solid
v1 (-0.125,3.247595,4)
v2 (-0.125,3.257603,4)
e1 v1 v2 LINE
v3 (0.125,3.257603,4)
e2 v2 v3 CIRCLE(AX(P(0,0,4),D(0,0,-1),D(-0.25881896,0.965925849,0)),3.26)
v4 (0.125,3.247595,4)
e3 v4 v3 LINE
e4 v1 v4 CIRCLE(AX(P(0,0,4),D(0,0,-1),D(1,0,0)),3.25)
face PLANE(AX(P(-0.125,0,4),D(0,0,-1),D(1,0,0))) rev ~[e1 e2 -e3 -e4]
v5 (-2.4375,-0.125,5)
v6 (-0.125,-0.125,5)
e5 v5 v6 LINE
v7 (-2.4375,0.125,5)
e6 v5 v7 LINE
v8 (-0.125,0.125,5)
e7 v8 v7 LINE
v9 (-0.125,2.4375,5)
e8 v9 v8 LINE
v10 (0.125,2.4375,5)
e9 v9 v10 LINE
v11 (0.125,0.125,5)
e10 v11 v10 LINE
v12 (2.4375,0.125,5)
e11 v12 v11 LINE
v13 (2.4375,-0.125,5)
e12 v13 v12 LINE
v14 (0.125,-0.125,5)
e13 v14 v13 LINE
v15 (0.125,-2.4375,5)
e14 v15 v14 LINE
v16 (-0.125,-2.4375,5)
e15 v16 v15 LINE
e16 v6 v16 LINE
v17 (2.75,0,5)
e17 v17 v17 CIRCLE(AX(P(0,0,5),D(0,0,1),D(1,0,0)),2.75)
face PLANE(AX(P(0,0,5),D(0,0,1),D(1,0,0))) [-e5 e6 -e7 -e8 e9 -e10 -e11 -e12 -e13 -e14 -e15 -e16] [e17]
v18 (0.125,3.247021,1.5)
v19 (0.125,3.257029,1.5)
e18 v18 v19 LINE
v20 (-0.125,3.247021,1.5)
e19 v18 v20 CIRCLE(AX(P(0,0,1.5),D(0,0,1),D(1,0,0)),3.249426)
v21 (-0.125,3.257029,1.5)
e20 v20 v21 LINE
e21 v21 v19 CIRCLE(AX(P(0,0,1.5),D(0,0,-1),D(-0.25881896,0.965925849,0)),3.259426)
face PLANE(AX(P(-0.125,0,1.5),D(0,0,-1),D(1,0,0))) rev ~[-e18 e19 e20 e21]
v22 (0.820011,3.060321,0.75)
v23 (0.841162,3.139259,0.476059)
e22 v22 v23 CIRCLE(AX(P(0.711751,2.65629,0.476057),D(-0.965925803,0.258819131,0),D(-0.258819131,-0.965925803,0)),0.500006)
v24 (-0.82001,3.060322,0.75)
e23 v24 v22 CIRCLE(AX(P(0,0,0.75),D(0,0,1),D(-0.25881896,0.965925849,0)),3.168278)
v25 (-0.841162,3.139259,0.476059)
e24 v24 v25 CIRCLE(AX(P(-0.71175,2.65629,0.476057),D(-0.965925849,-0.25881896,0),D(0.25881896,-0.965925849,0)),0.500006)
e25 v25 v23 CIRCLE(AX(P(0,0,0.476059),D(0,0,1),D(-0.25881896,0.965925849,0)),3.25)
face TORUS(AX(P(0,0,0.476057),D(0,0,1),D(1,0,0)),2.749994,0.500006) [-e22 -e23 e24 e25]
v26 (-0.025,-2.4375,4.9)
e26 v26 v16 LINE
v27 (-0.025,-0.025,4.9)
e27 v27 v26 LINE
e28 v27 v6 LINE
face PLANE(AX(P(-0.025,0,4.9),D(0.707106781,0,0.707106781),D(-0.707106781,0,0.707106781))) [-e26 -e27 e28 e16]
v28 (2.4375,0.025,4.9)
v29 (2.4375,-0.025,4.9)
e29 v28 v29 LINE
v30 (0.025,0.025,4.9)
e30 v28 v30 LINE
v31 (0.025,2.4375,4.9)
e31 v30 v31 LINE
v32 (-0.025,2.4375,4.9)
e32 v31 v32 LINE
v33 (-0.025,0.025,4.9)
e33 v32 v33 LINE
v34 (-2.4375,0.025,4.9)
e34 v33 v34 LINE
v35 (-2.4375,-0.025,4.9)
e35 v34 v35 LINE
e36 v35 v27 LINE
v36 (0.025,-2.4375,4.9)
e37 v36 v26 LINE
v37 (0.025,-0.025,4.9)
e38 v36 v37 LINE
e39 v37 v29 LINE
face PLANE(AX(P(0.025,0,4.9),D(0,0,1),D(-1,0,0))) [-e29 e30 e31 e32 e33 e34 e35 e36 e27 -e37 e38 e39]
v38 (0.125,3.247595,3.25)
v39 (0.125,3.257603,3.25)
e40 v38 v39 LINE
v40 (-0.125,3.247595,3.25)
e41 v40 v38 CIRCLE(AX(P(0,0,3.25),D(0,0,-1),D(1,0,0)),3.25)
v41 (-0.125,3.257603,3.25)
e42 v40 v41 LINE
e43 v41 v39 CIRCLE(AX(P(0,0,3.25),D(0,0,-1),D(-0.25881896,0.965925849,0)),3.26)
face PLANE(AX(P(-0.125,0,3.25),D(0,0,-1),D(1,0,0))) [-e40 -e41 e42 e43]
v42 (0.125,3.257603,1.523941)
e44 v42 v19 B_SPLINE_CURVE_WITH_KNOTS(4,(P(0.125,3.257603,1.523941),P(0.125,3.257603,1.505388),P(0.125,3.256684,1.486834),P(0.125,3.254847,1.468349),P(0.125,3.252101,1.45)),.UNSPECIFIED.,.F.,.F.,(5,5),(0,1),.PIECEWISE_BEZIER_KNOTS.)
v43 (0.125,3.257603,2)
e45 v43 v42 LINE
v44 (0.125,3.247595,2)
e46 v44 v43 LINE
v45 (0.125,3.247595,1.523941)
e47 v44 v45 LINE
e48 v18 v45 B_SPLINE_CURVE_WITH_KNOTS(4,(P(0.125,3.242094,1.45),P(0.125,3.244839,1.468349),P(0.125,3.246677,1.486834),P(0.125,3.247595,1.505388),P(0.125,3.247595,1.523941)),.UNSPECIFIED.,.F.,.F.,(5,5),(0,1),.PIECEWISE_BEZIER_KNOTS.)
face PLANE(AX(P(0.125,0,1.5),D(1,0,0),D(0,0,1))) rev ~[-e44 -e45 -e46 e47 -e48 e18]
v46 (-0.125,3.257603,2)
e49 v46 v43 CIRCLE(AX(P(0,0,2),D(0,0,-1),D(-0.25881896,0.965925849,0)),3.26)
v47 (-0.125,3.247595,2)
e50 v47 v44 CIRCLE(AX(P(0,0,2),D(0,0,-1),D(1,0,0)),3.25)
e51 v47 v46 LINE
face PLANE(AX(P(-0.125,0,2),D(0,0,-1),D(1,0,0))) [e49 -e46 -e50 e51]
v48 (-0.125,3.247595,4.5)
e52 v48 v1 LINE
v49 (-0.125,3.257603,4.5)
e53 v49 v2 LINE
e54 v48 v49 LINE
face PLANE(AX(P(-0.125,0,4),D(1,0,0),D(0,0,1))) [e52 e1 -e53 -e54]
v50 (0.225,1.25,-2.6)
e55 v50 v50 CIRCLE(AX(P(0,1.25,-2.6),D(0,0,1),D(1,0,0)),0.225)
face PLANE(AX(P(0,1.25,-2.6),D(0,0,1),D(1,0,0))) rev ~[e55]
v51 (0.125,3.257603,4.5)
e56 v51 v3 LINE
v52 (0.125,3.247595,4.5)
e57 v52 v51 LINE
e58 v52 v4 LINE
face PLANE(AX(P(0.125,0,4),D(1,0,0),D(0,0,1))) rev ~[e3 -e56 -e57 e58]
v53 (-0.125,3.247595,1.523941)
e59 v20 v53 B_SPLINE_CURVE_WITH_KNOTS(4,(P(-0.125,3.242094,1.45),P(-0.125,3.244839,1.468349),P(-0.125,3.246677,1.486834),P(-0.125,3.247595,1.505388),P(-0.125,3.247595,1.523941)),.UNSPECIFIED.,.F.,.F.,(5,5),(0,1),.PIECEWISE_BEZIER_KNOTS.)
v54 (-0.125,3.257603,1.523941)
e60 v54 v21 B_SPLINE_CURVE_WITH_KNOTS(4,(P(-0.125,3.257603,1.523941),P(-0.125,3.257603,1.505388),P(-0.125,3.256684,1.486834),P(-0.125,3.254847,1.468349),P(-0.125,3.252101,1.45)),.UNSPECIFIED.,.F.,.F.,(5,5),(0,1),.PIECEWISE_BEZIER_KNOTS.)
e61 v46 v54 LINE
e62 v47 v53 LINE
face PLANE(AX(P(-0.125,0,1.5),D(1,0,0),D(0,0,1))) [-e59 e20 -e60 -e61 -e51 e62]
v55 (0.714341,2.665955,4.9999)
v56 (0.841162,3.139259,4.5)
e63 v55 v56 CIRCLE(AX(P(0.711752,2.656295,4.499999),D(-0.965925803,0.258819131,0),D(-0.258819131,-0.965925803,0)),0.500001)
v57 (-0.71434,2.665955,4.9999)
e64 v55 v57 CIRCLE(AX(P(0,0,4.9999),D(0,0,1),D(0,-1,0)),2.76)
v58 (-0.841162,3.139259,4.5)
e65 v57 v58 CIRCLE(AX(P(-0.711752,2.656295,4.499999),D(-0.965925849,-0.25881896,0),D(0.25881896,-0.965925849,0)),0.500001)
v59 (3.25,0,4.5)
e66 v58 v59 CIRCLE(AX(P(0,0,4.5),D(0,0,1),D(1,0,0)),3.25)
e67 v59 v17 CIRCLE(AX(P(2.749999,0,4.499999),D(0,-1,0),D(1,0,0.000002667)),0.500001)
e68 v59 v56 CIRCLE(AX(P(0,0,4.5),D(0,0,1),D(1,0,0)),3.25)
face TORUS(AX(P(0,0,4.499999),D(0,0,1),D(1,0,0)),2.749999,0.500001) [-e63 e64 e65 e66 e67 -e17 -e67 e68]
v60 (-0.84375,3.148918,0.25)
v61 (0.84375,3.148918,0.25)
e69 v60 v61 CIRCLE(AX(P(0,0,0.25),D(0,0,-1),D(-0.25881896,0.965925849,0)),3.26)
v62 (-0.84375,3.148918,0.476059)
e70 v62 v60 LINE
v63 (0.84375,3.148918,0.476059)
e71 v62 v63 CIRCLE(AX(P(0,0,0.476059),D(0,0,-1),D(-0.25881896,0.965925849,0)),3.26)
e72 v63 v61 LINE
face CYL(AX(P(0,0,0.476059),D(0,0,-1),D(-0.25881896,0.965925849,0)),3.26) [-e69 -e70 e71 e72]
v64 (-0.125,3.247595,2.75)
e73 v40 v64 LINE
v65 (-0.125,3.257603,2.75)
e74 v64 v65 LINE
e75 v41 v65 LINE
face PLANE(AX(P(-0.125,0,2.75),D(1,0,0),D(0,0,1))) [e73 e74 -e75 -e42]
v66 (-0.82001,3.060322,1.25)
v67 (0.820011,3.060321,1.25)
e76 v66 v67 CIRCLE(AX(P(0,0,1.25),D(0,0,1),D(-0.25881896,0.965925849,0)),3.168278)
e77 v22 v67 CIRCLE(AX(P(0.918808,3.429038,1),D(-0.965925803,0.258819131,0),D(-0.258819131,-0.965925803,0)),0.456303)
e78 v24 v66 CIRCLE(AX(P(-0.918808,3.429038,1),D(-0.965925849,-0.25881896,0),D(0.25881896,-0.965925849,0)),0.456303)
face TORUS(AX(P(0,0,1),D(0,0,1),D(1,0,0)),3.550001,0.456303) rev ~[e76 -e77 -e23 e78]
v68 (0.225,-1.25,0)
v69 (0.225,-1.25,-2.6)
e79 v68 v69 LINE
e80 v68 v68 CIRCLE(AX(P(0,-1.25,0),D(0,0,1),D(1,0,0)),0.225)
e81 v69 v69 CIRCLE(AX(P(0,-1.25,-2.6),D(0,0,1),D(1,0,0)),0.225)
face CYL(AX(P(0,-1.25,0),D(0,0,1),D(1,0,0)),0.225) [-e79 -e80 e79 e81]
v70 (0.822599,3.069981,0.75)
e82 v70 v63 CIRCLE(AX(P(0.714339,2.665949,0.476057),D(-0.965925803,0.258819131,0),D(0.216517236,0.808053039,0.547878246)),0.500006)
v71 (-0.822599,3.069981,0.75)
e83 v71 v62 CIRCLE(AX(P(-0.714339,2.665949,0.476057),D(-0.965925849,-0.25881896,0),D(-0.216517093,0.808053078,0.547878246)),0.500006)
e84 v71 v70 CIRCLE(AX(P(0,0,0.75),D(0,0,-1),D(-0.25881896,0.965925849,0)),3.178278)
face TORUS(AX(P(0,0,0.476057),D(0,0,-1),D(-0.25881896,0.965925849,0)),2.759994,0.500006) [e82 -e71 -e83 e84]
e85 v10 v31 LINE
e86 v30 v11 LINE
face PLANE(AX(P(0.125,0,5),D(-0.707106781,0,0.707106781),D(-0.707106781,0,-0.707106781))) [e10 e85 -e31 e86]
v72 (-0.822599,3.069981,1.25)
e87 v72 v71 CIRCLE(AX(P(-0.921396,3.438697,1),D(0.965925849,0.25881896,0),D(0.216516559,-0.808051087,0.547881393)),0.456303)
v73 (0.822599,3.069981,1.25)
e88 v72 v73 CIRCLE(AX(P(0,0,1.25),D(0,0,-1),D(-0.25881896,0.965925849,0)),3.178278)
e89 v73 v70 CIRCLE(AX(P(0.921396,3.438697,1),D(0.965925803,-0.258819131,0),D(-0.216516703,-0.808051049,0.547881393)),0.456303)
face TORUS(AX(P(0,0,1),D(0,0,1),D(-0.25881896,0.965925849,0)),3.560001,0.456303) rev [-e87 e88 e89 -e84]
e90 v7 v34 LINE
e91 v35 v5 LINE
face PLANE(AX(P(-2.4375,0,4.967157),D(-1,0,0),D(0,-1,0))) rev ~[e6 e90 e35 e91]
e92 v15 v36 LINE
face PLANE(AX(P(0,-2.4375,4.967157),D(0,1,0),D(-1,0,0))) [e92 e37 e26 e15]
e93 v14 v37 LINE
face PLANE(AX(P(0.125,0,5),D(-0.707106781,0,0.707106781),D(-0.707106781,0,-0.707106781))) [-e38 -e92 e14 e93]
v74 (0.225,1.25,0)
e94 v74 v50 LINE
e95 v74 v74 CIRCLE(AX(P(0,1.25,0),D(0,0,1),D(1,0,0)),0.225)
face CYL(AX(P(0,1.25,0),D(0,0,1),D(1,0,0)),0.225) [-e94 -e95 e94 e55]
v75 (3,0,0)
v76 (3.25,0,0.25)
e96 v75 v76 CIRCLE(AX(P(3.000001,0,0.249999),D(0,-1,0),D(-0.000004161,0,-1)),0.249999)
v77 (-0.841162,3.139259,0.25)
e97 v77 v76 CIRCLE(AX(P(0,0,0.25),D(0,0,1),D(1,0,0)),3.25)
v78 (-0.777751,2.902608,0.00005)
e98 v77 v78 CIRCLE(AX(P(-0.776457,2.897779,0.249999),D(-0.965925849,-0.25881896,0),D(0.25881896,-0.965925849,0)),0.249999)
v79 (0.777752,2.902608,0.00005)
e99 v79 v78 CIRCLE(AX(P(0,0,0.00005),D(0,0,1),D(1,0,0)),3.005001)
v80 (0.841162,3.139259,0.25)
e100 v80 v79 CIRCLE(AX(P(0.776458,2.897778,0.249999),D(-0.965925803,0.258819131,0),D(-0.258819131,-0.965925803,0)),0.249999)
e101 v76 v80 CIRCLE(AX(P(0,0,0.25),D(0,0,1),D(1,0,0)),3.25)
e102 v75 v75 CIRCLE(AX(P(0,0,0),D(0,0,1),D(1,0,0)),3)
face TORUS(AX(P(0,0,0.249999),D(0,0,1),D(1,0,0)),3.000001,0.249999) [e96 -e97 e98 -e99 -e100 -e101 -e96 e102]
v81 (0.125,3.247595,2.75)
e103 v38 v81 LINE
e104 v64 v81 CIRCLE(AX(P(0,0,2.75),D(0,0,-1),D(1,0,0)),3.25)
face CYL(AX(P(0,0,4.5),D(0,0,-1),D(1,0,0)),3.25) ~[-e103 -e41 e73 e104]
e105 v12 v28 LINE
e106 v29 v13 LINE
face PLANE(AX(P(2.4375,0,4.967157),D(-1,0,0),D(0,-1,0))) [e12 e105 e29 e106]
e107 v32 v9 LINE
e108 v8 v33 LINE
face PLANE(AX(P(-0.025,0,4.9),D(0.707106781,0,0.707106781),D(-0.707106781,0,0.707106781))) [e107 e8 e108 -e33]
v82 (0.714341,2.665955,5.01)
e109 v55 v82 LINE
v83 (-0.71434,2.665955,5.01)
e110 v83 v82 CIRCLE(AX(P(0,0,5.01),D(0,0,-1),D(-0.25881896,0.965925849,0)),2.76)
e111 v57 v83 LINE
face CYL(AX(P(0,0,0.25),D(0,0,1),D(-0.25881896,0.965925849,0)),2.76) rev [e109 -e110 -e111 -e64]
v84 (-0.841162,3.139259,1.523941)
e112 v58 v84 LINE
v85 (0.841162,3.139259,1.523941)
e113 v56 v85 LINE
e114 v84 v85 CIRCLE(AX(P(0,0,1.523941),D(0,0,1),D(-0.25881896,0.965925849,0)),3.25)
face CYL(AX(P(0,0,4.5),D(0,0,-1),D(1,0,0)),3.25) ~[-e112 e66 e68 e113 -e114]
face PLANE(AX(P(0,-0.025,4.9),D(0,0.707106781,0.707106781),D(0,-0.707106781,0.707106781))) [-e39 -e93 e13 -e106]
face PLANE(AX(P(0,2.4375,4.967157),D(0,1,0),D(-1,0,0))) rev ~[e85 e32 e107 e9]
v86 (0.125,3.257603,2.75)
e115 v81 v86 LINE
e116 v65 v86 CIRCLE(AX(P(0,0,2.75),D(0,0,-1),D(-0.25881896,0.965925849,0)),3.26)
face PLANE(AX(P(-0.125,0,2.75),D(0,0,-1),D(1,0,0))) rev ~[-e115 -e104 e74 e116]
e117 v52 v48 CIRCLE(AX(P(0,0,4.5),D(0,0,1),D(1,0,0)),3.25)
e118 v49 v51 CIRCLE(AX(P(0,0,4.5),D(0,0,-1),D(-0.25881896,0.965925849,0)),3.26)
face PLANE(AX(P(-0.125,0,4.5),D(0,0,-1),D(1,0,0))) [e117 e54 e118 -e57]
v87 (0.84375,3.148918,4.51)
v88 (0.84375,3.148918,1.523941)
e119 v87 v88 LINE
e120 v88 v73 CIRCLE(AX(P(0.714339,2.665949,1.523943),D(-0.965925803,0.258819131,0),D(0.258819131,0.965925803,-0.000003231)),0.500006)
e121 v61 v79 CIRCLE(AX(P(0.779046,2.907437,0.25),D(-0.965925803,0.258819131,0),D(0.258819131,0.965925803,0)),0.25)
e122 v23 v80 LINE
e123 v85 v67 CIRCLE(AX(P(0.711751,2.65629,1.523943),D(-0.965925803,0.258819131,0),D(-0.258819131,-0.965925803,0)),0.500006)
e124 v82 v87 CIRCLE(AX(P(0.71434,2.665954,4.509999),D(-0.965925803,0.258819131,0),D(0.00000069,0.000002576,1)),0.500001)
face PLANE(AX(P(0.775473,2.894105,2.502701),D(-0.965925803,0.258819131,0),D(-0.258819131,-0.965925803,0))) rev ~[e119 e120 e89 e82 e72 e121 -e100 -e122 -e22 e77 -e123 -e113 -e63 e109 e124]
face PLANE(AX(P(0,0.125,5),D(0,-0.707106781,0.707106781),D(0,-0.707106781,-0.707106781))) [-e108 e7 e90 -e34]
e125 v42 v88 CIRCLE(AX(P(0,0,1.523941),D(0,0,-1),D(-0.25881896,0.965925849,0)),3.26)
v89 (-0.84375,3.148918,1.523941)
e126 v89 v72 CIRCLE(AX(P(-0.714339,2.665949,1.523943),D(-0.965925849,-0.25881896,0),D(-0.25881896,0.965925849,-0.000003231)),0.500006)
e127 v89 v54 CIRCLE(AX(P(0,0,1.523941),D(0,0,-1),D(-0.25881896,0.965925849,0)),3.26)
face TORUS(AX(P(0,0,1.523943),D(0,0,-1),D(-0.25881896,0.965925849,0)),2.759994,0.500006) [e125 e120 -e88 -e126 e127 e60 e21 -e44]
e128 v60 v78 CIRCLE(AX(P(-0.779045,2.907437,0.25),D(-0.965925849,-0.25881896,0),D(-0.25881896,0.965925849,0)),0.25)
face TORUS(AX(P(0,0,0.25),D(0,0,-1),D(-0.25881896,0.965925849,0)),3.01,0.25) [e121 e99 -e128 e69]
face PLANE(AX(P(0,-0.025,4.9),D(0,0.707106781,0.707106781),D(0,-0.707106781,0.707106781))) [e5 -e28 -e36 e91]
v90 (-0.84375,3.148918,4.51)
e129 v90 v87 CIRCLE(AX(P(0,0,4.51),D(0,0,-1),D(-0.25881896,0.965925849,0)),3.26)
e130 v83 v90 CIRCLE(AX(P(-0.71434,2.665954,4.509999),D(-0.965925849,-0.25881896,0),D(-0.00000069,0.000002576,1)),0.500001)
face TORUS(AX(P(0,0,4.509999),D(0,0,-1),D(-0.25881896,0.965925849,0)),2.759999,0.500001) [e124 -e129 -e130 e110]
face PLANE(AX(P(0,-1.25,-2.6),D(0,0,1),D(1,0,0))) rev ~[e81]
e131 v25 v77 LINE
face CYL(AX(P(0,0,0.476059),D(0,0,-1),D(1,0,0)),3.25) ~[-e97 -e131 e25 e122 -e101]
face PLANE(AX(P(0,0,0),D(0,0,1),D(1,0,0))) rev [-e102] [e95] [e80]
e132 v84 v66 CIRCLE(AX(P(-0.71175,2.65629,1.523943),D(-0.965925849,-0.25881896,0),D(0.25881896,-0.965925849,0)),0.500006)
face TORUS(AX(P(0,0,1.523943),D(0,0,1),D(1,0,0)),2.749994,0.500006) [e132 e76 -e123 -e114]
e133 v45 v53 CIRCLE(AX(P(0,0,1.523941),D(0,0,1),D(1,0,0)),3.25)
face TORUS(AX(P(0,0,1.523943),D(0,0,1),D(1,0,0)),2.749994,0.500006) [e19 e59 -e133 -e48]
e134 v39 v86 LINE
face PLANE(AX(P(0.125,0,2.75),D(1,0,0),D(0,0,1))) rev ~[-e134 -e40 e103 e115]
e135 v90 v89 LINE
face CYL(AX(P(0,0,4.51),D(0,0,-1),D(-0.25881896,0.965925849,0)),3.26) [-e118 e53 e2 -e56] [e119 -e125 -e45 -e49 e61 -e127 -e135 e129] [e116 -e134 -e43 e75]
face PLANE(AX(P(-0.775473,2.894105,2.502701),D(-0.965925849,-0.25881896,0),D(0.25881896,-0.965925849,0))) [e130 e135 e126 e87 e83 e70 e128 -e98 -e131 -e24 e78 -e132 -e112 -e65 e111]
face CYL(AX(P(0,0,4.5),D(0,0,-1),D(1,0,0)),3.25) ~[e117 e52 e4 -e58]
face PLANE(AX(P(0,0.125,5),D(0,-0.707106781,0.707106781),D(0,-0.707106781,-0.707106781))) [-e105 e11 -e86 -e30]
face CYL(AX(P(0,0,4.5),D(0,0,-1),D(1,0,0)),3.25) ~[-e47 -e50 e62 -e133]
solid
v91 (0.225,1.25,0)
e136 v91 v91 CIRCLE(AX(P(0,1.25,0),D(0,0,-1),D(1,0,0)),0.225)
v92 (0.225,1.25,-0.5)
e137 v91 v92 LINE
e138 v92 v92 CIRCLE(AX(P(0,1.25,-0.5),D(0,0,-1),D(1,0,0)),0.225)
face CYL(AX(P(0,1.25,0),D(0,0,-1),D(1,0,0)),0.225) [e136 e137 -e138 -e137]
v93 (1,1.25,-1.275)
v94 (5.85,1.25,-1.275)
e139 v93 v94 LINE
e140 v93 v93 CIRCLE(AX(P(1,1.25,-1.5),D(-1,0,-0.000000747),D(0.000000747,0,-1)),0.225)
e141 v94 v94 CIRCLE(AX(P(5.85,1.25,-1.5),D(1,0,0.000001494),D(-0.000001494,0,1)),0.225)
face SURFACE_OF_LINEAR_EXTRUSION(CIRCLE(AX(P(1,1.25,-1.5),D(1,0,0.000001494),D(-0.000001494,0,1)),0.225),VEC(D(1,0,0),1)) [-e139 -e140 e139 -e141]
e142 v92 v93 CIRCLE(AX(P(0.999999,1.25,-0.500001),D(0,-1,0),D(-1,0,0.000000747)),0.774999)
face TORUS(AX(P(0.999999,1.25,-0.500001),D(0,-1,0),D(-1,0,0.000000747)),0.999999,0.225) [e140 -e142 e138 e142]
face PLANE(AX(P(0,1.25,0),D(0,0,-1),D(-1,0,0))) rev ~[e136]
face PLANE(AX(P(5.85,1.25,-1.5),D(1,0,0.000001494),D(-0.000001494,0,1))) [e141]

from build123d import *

# Parameters (mm, degrees)
SKETCH003_R         = 0.225
REVOLUTION001_ANGLE = -30
SKETCH015_W         = 0.25
SKETCH015_H         = 0.5
POCKET002_DEPTH     = 3.261
LINEARPATTERN_COUNT = 3
LINEARPATTERN_PITCH = 1.25
SKETCH010_R         = 0.225
PAD002_DEPTH        = 2.6
SKETCH013_R         = 2.75
PAD_DEPTH           = 0.5
POCKET001_DEPTH     = 2.4375
POLARPATTERN_COUNT  = 3
POLARPATTERN_ANGLE  = 180
SKETCH012_R         = 2.75
POCKET_DEPTH        = 0.5


with BuildPart() as leadangledclone:
    # AdditivePipe: sweep along a path in Sketch004
    with BuildLine(Plane.XZ) as additivepipe_path:
        Line((0, 0), (0, -0.5))
        ThreePointArc((0, -0.5), (0.292893, -1.207107), (1, -1.5))
        Line((1, -1.5), (5.85, -1.5))
    # Sketch003 (on ShapeBinder) → AdditivePipe (sweep)
    with BuildSketch(Plane(origin=(0, 0, 0), x_dir=(1, 0, 0), z_dir=(0, 0, -1))):
        with Locations((0, 1.25)):
            Circle(SKETCH003_R)
    sweep(path=additivepipe_path.line)


with BuildPart() as leadangledclone_1:
    # Body003 placement: moved
    add(leadangledclone.part.moved(Location((0, 2.5, 0))))


with BuildPart() as polaritymarking:
    # Sketch005 → Revolution001 (revolve)
    with BuildSketch(Plane(origin=(0, 0, 0), x_dir=(-0.258819, 0.965926, 0), z_dir=(0.965926, 0.258819, 0))):
        with BuildLine():
            Line((2.76, 0.25), (2.76, 5.01))
            ThreePointArc((2.76, 5.01), (3.113553, 4.863553), (3.26, 4.51))
            Line((3.26, 4.51), (3.26, 1.523941))
            ThreePointArc((3.26, 1.523941), (3.239134, 1.381006), (3.178278, 1.25))
            ThreePointArc((3.178278, 1.25), (3.103698, 1), (3.178278, 0.75))
            ThreePointArc((3.178278, 0.75), (3.239134, 0.618994), (3.26, 0.476059))
            Line((3.26, 0.476059), (3.26, 0.25))
            ThreePointArc((3.26, 0.25), (3.01, 0), (2.76, 0.25))
        make_face()
    revolve(axis=Axis((0, 0, 0), (0, 0, 1)), revolution_arc=REVOLUTION001_ANGLE)

    # Sketch015 → Pocket002 (cut, through all)
    with BuildSketch(Plane.XZ):
        with Locations((0, 1.75)):
            Rectangle(SKETCH015_W, SKETCH015_H)
    pocket002 = extrude(amount=-POCKET002_DEPTH, mode=Mode.SUBTRACT)

    # LinearPattern: Pocket002 ×3
    with Locations(*[(0, 0, i * LINEARPATTERN_PITCH) for i in range(1, LINEARPATTERN_COUNT)]):
        add(pocket002, mode=Mode.SUBTRACT)


with BuildPart() as leadstraight:
    # Sketch010 → Pad002 (new body)
    with BuildSketch(Plane(origin=(0, 1.25, 0), x_dir=(1, 0, 0), z_dir=(0, 0, 1))):
        Circle(SKETCH010_R)
    extrude(amount=-PAD002_DEPTH)


with BuildPart() as leadstraightclone:
    # Body007 base: copy of LeadStraight
    add(leadstraight.part)


with BuildPart() as leadstraightclone_1:
    # Body007 placement: moved
    add(leadstraightclone.part.moved(Location((0, -2.5, 0))))


with BuildPart() as housingtop:
    # Sketch013 (on ShapeBinder) → Pad (new body)
    with BuildSketch(Plane.XY.offset(4.5)):
        Circle(SKETCH013_R)
    extrude(amount=PAD_DEPTH)

    # Sketch014 → Pocket001 (cut, symmetric)
    with BuildSketch(Plane.XZ):
        Polygon((-0.125, 5), (0.125, 5), (0.025, 4.9), (-0.025, 4.9), align=None)
    pocket001 = extrude(amount=POCKET001_DEPTH, both=True, mode=Mode.SUBTRACT)

    # PolarPattern: Pocket001 ×3 about axis
    polarpattern_axis = Axis((0, 0, 0), (0, 0, 1))
    for i in range(1, POLARPATTERN_COUNT):
        add(pocket001.rotate(polarpattern_axis, i * POLARPATTERN_ANGLE / (POLARPATTERN_COUNT - 1)), mode=Mode.SUBTRACT)


with BuildPart() as fusion:
    # Sketch → Revolution (revolve)
    with BuildSketch(Plane.XZ):
        with BuildLine():
            Line((0, 5), (2.75, 5))
            ThreePointArc((3.25, 4.5), (3.103553, 4.853553), (2.75, 5))
            Line((3.25, 4.5), (3.25, 1.523941))
            ThreePointArc((3.168278, 1.25), (3.229134, 1.381006), (3.25, 1.523941))
            ThreePointArc((3.168278, 1.25), (3.093698, 1), (3.168278, 0.75))
            ThreePointArc((3.25, 0.476059), (3.229134, 0.618994), (3.168278, 0.75))
            Line((3.25, 0.476059), (3.25, 0.25))
            ThreePointArc((3, 0), (3.176777, 0.073223), (3.25, 0.25))
            Line((0, 0), (3, 0))
            Line((0, 5), (0, 0))
        make_face()
    revolve(axis=Axis((0, 0, 0), (0, 0, 1)))

    # Sketch012 → Pocket (cut)
    with BuildSketch(Plane.XY.offset(5)):
        Circle(SKETCH012_R)
    extrude(amount=-POCKET_DEPTH, mode=Mode.SUBTRACT)

    # Fusion: union PolarityMarking, LeadStraight, LeadStraightClone, HousingTop
    add(polaritymarking.part)
    add(leadstraight.part)
    add(leadstraightclone_1.part)
    add(housingtop.part)


solid = Compound([leadangledclone_1.part, fusion.part])
